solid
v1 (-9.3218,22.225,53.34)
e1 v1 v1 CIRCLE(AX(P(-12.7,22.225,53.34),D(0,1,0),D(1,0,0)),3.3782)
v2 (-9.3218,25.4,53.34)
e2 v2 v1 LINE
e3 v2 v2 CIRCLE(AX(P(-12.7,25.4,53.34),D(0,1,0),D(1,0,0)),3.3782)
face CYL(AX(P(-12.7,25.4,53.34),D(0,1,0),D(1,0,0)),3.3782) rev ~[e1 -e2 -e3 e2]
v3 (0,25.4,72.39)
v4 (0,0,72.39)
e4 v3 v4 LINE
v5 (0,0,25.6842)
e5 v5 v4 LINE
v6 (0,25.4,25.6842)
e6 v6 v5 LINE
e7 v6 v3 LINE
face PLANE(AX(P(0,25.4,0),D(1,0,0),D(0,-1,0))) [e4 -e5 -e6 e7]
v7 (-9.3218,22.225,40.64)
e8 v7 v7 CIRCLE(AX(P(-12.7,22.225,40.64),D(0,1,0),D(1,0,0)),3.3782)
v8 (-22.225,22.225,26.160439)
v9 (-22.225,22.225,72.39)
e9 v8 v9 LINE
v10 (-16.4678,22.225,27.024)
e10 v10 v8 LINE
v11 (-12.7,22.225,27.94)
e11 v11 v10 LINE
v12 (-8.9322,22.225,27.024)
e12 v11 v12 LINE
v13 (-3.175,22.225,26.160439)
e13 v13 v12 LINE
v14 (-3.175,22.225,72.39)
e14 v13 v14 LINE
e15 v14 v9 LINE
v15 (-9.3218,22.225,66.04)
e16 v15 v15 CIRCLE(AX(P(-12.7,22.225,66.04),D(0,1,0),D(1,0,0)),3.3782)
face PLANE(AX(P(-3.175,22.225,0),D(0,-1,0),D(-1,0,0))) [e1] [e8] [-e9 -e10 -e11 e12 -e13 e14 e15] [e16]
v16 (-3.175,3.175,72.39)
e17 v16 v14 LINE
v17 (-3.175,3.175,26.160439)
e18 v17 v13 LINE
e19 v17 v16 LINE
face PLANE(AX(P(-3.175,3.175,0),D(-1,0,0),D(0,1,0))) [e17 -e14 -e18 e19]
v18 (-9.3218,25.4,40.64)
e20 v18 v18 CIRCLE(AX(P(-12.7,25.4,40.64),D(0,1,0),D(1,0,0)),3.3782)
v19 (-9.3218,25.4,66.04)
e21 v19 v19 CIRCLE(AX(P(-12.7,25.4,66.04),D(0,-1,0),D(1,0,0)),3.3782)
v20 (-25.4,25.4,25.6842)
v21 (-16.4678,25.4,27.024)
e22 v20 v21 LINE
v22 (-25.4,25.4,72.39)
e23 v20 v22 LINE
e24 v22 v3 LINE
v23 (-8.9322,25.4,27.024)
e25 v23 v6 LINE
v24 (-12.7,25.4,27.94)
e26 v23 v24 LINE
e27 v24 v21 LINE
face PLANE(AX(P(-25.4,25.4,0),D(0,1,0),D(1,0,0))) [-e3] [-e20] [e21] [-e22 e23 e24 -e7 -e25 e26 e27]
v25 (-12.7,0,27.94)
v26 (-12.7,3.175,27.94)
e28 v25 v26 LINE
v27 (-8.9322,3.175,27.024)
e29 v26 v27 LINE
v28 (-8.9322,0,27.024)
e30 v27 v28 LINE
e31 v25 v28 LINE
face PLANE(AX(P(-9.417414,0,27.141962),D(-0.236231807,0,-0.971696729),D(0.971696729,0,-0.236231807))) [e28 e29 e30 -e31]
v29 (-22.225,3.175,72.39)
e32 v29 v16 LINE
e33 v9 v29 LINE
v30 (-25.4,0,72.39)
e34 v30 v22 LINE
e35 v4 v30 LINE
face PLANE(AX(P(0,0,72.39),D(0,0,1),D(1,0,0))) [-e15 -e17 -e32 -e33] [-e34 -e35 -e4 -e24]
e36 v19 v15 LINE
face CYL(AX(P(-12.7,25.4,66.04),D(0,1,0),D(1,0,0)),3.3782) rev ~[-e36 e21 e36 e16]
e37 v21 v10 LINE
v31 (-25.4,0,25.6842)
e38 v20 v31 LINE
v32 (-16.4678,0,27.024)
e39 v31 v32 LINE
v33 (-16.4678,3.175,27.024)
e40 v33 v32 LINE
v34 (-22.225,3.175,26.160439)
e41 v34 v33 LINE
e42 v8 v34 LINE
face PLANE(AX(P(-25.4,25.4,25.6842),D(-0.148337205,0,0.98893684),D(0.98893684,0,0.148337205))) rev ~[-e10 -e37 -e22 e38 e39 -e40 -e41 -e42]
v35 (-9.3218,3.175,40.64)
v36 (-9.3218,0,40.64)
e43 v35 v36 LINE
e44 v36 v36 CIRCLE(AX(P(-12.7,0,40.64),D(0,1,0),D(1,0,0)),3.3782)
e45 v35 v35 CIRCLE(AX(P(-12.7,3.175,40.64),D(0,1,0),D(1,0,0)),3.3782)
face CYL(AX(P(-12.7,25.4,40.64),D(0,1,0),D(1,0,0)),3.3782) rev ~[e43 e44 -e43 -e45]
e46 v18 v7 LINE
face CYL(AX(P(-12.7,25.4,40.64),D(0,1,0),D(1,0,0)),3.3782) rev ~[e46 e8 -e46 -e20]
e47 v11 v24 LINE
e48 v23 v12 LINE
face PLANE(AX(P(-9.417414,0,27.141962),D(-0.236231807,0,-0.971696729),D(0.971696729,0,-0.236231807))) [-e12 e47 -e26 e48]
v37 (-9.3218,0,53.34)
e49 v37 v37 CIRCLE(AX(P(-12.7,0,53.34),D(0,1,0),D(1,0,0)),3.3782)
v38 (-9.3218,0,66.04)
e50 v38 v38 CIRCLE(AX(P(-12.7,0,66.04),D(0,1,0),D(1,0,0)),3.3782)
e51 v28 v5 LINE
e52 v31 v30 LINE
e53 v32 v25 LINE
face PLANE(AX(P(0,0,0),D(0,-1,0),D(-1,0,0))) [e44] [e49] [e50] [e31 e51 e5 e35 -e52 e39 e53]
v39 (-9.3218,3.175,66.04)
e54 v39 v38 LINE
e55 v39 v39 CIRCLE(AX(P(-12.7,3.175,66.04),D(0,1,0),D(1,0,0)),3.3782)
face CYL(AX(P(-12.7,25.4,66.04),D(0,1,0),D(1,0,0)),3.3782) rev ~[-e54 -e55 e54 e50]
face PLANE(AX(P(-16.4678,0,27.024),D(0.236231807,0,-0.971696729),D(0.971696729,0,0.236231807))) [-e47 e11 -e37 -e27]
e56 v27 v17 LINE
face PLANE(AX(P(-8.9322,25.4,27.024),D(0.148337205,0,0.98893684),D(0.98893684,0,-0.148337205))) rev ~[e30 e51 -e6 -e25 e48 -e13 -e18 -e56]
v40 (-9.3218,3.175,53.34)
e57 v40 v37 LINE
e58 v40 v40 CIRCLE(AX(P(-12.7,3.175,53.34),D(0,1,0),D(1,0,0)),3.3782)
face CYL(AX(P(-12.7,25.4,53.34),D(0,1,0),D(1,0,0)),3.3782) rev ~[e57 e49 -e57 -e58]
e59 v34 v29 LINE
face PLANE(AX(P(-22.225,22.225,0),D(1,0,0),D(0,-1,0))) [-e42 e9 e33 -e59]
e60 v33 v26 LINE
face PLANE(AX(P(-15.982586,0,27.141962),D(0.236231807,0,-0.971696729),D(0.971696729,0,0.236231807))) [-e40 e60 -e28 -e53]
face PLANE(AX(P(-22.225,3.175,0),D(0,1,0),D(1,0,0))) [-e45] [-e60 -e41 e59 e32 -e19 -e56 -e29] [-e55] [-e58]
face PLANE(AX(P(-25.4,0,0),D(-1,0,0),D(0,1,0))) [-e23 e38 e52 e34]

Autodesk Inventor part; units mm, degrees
ref_plane "YZ Plane" through (0, 0, 0) normal (1, 0, 0) x (0, 1, 0)
ref_plane "XZ Plane" through (0, 0, 0) normal (0, 1, 0) x (-1, 0, 0)
ref_plane "XY Plane" through (0, 0, 0) normal (0, 0, 1) x (1, 0, 0)
sketch "Sketch1" plane through (0, 0, 0) normal (0, 0, 1) x (1, 0, 0)
  line L0 (0, 0) -> (-25.4, 0)
  line L1 (-25.4, 0) -> (-25.4, 25.4)
  line L2 (-25.4, 25.4) -> (0, 25.4)
  line L3 (0, 25.4) -> (0, 0)
  line L4 (-3.175, 22.225) -> (-22.225, 22.225)
  line L5 (-22.225, 22.225) -> (-22.225, 3.175)
  line L6 (-22.225, 3.175) -> (-3.175, 3.175)
  line L7 (-3.175, 3.175) -> (-3.175, 22.225)
  dimension "d2" = 25.4
  dimension "d4" = 25.4
  dimension "d5" = 3.175
extrude "Extrusion1" add sketch "Sketch1" along normal blind 72.39
sketch "Sketch2" plane through (-25.4, 25.4, 0) normal (0, 1, 0) x (1, 0, 0)
  line L0 (0, 0) -> (25.4, 0) projected
  line L1 (0, 0) -> (0, -72.39) projected
  line L2 (0, 0) -> (0, -1.905)
  line L3 (12.7, 0) -> (12.7, -1.905)
  line L4 (12.7, -1.905) -> (0, 0)
  line L5 (12.7, -1.905) -> (25.4, 0)
  line L6 (25.4, 0) -> (25.4, -72.39) projected
  line L7 (12.7, -1.905) -> (8.9322, -27.024)
  line L8 (12.7, -1.905) -> (16.4678, -27.024)
  line L9 (0, -25.6842) -> (8.9322, -27.024)
  line L10 (16.4678, -27.024) -> (25.4, -25.6842)
  line L11 (8.9322, -27.024) -> (17.0812, -28.2463)
  line L12 (16.4678, -27.024) -> (8.6718, -28.1934)
  dimension "d8" = 1.905
  dimension "d9" = 1.905
  dimension "d23" = 25.4
  dimension "d24" = 90
  dimension "d25" = 25.4
  dimension "d26" = 90
extrude "Extrusion2" cut sketch "Sketch2" against normal blind 25.4 contours L4 L7 L9 L1 | L0 L3 L4 | L0 L5 L3 | L5 L6 L10 L8
sketch "Sketch3" plane through (-25.4, 25.4, 72.39) normal (0, 1, 0) x (1, 0, 0)
  line L0 (25.4, 0) -> (0, 0) projected
  line L1 (25.4, 46.7058) -> (25.4, 0) projected
  line L2 (12.7, 0) -> (12.7, 70.485) construction
  line L3 (12.7, 0) -> (12.7, 6.35)
  circle A0 centre (12.7, 6.35) radius 3.3782
  circle A1 centre (12.7, 19.05) radius 3.3782
  circle A2 centre (12.7, 31.75) radius 3.3782
  point P0 (25.4, 72.39)
  dimension "d12" = 6.35
  dimension "d13" = 6.7564
  dimension "d16" = 12.7
extrude "Extrusion3" cut sketch "Sketch3" against normal blind 25.4
sketch "Sketch4" plane through (-12.7, 0, 15.24) normal (0, -1, 0) x (1, 0, 0)
  arc A0 (-1.55, -3.0016) -> (1.55, -3.0016) centre (0, 0) ccw projected
  line L0 (-3.7678, 11.784) -> (0, -13.335) projected
  line L1 (0, -13.335) -> (3.7678, 11.784) projected
  point P0 (12.7, -15.24)
extrude "Extrusion4" cut sketch "Sketch4" against normal blind 25.4
sketch "Sketch5" plane through (-25.4, 0, 72.39) normal (0, -1, 0) x (1, 0, 0)
  arc A0 (15.0625, -54.7353) -> (10.3375, -54.7353) centre (12.7, -57.15) ccw projected
  line L0 (12.7, -70.485) -> (16.4678, -45.366) projected
  line L1 (8.9322, -45.366) -> (12.7, -70.485) projected
  circle A1 centre (12.7, -44.45) radius 3.3782 projected
  line L2 (8.9322, -45.366) -> (12.7, -44.45)
  line L3 (12.7, -44.45) -> (16.4678, -45.366)
  point P0 (25.4, -72.39)
extrude "Extrusion5" cut sketch "Sketch5" against normal blind 25.4 contours A0 L1 L2 A1 L3 L0 | A1 L2 L3 picked at (14.5428, -45.7157)
sketch "Sketch8" plane through (-12.7, 25.4, 15.24) normal (0, 1, 0) x (1, 0, 0)
  arc A0 (-2.3625, -2.4147) -> (2.3625, -2.4147) centre (0, 0) ccw projected
  line L0 (2.3625, -2.4147) -> (1.55, 3.0016) projected
  arc A1 (1.55, 3.0016) -> (-1.55, 3.0016) centre (0, 0) ccw projected
  line L1 (-1.55, 3.0016) -> (-2.3625, -2.4147) projected
  point P0 (12.7, 15.24)
extrude "Extrusion6" cut sketch "Sketch8" against normal blind 25.4
properties part number "V mount" material "Aluminum 6061"
